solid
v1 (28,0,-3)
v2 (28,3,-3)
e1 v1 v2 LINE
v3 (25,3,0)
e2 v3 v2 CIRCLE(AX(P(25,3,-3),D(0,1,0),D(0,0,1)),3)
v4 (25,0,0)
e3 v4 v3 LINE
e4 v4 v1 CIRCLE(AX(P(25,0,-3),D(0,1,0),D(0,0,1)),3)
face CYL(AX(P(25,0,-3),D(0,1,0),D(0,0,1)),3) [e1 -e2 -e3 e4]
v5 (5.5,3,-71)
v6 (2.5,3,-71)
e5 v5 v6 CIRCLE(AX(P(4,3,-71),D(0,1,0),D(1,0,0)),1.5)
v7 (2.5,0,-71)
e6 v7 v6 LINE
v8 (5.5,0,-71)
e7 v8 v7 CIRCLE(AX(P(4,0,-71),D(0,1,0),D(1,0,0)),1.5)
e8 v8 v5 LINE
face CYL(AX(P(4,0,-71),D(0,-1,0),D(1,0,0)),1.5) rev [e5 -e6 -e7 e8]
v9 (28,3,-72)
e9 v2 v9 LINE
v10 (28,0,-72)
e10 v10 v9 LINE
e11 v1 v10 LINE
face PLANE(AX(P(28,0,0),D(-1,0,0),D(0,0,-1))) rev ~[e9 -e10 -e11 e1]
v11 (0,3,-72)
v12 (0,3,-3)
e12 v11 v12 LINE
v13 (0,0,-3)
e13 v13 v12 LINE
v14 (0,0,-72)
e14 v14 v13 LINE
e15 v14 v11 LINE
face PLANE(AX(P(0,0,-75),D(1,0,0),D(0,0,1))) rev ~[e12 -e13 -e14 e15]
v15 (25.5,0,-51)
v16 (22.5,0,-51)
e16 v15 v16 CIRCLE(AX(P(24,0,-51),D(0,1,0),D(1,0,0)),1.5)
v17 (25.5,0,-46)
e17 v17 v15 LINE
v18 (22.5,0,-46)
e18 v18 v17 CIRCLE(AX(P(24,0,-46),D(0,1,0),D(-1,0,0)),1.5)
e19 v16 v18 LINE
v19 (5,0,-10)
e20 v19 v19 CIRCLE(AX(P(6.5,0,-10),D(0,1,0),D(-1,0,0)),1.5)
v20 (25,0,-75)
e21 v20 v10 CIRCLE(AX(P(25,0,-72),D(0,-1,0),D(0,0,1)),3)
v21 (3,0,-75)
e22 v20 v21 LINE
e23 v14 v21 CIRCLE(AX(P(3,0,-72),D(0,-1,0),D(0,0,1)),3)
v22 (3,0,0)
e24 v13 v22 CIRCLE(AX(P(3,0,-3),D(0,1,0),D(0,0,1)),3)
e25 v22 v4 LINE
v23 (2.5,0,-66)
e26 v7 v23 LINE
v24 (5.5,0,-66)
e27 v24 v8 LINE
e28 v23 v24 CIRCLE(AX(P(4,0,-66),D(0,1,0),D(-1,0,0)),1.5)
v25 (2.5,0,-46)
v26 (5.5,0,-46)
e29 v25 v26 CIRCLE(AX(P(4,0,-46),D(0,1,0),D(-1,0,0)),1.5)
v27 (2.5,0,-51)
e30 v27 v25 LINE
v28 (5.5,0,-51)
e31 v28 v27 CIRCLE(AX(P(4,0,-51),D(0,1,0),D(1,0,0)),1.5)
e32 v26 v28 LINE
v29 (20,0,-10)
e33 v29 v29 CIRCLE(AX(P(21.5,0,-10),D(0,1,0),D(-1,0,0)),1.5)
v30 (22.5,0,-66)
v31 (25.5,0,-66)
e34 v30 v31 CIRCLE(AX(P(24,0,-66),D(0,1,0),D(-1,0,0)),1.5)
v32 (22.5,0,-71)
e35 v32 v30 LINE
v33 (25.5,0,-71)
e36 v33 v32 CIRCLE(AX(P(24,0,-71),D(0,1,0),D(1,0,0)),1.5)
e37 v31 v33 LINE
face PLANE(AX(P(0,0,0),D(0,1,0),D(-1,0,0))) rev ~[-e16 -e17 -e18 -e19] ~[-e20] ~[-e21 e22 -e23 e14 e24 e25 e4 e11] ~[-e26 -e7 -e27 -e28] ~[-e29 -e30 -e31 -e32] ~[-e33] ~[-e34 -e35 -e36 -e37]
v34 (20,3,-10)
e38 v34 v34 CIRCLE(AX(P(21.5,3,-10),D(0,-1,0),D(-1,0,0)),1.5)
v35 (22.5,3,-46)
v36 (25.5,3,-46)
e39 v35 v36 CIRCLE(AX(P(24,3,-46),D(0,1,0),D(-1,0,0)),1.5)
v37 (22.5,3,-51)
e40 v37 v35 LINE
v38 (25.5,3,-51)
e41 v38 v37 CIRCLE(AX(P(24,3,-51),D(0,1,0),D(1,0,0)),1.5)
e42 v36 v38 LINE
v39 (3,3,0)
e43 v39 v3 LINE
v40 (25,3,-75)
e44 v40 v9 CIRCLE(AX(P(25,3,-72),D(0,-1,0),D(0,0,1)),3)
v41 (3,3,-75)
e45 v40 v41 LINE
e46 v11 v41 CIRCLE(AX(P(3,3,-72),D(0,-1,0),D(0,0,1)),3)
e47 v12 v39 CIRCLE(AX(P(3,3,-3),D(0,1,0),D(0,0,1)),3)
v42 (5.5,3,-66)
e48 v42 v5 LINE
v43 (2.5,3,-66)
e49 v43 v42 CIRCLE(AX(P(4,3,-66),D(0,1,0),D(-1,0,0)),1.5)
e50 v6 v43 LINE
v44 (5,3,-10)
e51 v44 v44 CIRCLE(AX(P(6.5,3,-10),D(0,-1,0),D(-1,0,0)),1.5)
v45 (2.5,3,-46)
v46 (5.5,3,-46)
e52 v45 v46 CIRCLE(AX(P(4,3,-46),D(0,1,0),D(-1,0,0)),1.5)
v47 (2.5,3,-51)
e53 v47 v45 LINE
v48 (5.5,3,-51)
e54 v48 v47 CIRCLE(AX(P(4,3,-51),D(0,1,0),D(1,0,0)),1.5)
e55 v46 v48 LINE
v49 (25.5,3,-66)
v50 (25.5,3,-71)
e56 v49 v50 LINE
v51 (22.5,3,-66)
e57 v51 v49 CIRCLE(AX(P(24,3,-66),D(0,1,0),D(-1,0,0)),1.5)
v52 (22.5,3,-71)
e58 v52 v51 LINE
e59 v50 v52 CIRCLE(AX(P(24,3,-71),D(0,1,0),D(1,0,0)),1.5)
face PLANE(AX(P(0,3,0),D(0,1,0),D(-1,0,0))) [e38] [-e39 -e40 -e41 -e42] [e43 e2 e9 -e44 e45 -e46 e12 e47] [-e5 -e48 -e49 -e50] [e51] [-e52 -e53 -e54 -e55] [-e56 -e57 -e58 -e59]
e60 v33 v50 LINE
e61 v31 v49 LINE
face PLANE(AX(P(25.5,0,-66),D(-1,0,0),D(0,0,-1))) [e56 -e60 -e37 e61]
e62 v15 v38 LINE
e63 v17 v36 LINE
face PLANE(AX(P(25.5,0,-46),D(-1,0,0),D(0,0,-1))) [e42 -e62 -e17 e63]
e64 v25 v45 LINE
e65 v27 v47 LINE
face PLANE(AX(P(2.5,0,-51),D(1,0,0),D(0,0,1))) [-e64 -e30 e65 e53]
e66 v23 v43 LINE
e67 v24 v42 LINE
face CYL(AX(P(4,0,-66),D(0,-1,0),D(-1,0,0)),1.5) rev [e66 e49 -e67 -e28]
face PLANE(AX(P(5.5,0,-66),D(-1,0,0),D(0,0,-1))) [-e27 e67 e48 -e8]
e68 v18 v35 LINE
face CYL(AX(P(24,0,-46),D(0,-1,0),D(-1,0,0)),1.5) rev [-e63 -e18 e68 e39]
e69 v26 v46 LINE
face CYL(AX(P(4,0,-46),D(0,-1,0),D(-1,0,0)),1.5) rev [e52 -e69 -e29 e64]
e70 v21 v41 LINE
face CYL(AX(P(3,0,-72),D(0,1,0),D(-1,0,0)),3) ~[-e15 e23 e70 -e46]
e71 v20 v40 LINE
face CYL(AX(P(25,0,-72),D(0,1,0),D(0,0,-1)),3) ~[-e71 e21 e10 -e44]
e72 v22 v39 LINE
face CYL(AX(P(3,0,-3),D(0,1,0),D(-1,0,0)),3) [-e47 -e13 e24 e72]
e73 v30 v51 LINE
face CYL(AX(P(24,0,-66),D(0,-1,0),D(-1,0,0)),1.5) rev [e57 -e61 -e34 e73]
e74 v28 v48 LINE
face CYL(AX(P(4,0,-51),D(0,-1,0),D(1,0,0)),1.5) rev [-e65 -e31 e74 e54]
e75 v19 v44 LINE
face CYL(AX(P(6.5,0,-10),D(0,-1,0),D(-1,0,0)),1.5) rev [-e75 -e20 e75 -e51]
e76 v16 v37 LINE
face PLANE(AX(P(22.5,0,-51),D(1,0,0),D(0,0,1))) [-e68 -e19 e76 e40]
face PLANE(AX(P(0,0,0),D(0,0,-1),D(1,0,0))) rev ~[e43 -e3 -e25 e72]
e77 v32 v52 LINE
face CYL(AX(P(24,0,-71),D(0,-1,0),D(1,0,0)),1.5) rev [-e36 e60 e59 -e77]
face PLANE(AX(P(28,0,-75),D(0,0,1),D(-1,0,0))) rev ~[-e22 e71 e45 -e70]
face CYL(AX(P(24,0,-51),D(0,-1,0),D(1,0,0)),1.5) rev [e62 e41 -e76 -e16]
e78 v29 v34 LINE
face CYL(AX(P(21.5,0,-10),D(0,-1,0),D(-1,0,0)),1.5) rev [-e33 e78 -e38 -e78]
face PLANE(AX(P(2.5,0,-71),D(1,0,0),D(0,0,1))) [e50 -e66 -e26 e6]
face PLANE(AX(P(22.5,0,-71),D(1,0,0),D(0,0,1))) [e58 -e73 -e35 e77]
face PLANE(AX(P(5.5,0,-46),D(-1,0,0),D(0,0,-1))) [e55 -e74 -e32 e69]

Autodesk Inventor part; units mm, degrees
ref_plane "YZ Plane" through (0, 0, 0) normal (1, 0, 0) x (0, 1, 0)
ref_plane "XZ Plane" through (0, 0, 0) normal (0, 1, 0) x (-1, 0, 0)
ref_plane "XY Plane" through (0, 0, 0) normal (0, 0, 1) x (1, 0, 0)
sketch "Sketch1" plane through (0, 0, 0) normal (0, 1, 0) x (-1, 0, 0)
  line L0 (0, 0) -> (-28, 0)
  line L1 (-28, 0) -> (-28, -75)
  line L2 (-28, -75) -> (0, -75)
  line L3 (0, -75) -> (0, 0)
  line L4 (-4, -51) -> (-24, -51) construction
  line L5 (-24, -51) -> (-24, -71) construction
  line L6 (-24, -71) -> (-4, -71) construction
  line L7 (-4, -71) -> (-4, -51) construction
  line L8 (-4, -51) -> (-24, -71) construction
  line L9 (-24, -51) -> (-4, -71) construction
  line L10 (-4, -71) -> (-4, -66) construction
  line L11 (-2.5, -71) -> (-2.5, -66)
  line L12 (-5.5, -66) -> (-5.5, -71)
  arc A0 (-5.5, -71) -> (-2.5, -71) centre (-4, -71) ccw
  arc A1 (-2.5, -66) -> (-5.5, -66) centre (-4, -66) ccw
  line L13 (-24, -71) -> (-24, -66) construction
  line L14 (-22.5, -71) -> (-22.5, -66)
  line L15 (-25.5, -66) -> (-25.5, -71)
  arc A2 (-25.5, -71) -> (-22.5, -71) centre (-24, -71) ccw
  arc A3 (-22.5, -66) -> (-25.5, -66) centre (-24, -66) ccw
  line L16 (-4, -51) -> (-4, -46) construction
  line L17 (-2.5, -51) -> (-2.5, -46)
  line L18 (-5.5, -46) -> (-5.5, -51)
  arc A4 (-5.5, -51) -> (-2.5, -51) centre (-4, -51) ccw
  arc A5 (-2.5, -46) -> (-5.5, -46) centre (-4, -46) ccw
  line L19 (-24, -51) -> (-24, -46) construction
  line L20 (-22.5, -51) -> (-22.5, -46)
  line L21 (-25.5, -46) -> (-25.5, -51)
  arc A6 (-25.5, -51) -> (-22.5, -51) centre (-24, -51) ccw
  arc A7 (-22.5, -46) -> (-25.5, -46) centre (-24, -46) ccw
  circle A8 centre (-6.5, -10) radius 1.5
  circle A9 centre (-21.5, -10) radius 1.5
  line L22 (-6.5, -10) -> (-21.5, -10) construction
  point P0 (-14, -61)
  point P1 (-14, -61)
  point P2 (-14, -75)
  point P3 (-4, -68.5)
  point P4 (-24, -68.5)
  point P5 (-4, -48.5)
  point P6 (-24, -48.5)
  point P7 (-14, -10)
  point P8 (-14, 0)
  dimension "d0" = 75
  dimension "d1" = 28
  dimension "d2" = 20
  dimension "d3" = 20
  dimension "d4" = 4
  dimension "d5" = 5
  dimension "d6" = 3
  dimension "d7" = 5
  dimension "d8" = 3
  dimension "d9" = 5
  dimension "d10" = 3
  dimension "d11" = 5
  dimension "d12" = 3
  dimension "d16" = 3
  dimension "d17" = 3
  dimension "d18" = 15
  dimension "d19" = 10
extrude "Extrusion1" add sketch "Sketch1" along normal blind 3 contours L3 L2 L1 L0 | A8 | A9
fillet "Fillet1" radius 3 4 edges at (0, 1.5, 0) (28, 1.5, 0) (0, 1.5, -75) (28, 1.5, -75)
extrude "Extrusion2" cut sketch "Sketch1" along normal through all contours A8 | A9
properties part number "EncoderPCBMount" material "ABS Plastic"
